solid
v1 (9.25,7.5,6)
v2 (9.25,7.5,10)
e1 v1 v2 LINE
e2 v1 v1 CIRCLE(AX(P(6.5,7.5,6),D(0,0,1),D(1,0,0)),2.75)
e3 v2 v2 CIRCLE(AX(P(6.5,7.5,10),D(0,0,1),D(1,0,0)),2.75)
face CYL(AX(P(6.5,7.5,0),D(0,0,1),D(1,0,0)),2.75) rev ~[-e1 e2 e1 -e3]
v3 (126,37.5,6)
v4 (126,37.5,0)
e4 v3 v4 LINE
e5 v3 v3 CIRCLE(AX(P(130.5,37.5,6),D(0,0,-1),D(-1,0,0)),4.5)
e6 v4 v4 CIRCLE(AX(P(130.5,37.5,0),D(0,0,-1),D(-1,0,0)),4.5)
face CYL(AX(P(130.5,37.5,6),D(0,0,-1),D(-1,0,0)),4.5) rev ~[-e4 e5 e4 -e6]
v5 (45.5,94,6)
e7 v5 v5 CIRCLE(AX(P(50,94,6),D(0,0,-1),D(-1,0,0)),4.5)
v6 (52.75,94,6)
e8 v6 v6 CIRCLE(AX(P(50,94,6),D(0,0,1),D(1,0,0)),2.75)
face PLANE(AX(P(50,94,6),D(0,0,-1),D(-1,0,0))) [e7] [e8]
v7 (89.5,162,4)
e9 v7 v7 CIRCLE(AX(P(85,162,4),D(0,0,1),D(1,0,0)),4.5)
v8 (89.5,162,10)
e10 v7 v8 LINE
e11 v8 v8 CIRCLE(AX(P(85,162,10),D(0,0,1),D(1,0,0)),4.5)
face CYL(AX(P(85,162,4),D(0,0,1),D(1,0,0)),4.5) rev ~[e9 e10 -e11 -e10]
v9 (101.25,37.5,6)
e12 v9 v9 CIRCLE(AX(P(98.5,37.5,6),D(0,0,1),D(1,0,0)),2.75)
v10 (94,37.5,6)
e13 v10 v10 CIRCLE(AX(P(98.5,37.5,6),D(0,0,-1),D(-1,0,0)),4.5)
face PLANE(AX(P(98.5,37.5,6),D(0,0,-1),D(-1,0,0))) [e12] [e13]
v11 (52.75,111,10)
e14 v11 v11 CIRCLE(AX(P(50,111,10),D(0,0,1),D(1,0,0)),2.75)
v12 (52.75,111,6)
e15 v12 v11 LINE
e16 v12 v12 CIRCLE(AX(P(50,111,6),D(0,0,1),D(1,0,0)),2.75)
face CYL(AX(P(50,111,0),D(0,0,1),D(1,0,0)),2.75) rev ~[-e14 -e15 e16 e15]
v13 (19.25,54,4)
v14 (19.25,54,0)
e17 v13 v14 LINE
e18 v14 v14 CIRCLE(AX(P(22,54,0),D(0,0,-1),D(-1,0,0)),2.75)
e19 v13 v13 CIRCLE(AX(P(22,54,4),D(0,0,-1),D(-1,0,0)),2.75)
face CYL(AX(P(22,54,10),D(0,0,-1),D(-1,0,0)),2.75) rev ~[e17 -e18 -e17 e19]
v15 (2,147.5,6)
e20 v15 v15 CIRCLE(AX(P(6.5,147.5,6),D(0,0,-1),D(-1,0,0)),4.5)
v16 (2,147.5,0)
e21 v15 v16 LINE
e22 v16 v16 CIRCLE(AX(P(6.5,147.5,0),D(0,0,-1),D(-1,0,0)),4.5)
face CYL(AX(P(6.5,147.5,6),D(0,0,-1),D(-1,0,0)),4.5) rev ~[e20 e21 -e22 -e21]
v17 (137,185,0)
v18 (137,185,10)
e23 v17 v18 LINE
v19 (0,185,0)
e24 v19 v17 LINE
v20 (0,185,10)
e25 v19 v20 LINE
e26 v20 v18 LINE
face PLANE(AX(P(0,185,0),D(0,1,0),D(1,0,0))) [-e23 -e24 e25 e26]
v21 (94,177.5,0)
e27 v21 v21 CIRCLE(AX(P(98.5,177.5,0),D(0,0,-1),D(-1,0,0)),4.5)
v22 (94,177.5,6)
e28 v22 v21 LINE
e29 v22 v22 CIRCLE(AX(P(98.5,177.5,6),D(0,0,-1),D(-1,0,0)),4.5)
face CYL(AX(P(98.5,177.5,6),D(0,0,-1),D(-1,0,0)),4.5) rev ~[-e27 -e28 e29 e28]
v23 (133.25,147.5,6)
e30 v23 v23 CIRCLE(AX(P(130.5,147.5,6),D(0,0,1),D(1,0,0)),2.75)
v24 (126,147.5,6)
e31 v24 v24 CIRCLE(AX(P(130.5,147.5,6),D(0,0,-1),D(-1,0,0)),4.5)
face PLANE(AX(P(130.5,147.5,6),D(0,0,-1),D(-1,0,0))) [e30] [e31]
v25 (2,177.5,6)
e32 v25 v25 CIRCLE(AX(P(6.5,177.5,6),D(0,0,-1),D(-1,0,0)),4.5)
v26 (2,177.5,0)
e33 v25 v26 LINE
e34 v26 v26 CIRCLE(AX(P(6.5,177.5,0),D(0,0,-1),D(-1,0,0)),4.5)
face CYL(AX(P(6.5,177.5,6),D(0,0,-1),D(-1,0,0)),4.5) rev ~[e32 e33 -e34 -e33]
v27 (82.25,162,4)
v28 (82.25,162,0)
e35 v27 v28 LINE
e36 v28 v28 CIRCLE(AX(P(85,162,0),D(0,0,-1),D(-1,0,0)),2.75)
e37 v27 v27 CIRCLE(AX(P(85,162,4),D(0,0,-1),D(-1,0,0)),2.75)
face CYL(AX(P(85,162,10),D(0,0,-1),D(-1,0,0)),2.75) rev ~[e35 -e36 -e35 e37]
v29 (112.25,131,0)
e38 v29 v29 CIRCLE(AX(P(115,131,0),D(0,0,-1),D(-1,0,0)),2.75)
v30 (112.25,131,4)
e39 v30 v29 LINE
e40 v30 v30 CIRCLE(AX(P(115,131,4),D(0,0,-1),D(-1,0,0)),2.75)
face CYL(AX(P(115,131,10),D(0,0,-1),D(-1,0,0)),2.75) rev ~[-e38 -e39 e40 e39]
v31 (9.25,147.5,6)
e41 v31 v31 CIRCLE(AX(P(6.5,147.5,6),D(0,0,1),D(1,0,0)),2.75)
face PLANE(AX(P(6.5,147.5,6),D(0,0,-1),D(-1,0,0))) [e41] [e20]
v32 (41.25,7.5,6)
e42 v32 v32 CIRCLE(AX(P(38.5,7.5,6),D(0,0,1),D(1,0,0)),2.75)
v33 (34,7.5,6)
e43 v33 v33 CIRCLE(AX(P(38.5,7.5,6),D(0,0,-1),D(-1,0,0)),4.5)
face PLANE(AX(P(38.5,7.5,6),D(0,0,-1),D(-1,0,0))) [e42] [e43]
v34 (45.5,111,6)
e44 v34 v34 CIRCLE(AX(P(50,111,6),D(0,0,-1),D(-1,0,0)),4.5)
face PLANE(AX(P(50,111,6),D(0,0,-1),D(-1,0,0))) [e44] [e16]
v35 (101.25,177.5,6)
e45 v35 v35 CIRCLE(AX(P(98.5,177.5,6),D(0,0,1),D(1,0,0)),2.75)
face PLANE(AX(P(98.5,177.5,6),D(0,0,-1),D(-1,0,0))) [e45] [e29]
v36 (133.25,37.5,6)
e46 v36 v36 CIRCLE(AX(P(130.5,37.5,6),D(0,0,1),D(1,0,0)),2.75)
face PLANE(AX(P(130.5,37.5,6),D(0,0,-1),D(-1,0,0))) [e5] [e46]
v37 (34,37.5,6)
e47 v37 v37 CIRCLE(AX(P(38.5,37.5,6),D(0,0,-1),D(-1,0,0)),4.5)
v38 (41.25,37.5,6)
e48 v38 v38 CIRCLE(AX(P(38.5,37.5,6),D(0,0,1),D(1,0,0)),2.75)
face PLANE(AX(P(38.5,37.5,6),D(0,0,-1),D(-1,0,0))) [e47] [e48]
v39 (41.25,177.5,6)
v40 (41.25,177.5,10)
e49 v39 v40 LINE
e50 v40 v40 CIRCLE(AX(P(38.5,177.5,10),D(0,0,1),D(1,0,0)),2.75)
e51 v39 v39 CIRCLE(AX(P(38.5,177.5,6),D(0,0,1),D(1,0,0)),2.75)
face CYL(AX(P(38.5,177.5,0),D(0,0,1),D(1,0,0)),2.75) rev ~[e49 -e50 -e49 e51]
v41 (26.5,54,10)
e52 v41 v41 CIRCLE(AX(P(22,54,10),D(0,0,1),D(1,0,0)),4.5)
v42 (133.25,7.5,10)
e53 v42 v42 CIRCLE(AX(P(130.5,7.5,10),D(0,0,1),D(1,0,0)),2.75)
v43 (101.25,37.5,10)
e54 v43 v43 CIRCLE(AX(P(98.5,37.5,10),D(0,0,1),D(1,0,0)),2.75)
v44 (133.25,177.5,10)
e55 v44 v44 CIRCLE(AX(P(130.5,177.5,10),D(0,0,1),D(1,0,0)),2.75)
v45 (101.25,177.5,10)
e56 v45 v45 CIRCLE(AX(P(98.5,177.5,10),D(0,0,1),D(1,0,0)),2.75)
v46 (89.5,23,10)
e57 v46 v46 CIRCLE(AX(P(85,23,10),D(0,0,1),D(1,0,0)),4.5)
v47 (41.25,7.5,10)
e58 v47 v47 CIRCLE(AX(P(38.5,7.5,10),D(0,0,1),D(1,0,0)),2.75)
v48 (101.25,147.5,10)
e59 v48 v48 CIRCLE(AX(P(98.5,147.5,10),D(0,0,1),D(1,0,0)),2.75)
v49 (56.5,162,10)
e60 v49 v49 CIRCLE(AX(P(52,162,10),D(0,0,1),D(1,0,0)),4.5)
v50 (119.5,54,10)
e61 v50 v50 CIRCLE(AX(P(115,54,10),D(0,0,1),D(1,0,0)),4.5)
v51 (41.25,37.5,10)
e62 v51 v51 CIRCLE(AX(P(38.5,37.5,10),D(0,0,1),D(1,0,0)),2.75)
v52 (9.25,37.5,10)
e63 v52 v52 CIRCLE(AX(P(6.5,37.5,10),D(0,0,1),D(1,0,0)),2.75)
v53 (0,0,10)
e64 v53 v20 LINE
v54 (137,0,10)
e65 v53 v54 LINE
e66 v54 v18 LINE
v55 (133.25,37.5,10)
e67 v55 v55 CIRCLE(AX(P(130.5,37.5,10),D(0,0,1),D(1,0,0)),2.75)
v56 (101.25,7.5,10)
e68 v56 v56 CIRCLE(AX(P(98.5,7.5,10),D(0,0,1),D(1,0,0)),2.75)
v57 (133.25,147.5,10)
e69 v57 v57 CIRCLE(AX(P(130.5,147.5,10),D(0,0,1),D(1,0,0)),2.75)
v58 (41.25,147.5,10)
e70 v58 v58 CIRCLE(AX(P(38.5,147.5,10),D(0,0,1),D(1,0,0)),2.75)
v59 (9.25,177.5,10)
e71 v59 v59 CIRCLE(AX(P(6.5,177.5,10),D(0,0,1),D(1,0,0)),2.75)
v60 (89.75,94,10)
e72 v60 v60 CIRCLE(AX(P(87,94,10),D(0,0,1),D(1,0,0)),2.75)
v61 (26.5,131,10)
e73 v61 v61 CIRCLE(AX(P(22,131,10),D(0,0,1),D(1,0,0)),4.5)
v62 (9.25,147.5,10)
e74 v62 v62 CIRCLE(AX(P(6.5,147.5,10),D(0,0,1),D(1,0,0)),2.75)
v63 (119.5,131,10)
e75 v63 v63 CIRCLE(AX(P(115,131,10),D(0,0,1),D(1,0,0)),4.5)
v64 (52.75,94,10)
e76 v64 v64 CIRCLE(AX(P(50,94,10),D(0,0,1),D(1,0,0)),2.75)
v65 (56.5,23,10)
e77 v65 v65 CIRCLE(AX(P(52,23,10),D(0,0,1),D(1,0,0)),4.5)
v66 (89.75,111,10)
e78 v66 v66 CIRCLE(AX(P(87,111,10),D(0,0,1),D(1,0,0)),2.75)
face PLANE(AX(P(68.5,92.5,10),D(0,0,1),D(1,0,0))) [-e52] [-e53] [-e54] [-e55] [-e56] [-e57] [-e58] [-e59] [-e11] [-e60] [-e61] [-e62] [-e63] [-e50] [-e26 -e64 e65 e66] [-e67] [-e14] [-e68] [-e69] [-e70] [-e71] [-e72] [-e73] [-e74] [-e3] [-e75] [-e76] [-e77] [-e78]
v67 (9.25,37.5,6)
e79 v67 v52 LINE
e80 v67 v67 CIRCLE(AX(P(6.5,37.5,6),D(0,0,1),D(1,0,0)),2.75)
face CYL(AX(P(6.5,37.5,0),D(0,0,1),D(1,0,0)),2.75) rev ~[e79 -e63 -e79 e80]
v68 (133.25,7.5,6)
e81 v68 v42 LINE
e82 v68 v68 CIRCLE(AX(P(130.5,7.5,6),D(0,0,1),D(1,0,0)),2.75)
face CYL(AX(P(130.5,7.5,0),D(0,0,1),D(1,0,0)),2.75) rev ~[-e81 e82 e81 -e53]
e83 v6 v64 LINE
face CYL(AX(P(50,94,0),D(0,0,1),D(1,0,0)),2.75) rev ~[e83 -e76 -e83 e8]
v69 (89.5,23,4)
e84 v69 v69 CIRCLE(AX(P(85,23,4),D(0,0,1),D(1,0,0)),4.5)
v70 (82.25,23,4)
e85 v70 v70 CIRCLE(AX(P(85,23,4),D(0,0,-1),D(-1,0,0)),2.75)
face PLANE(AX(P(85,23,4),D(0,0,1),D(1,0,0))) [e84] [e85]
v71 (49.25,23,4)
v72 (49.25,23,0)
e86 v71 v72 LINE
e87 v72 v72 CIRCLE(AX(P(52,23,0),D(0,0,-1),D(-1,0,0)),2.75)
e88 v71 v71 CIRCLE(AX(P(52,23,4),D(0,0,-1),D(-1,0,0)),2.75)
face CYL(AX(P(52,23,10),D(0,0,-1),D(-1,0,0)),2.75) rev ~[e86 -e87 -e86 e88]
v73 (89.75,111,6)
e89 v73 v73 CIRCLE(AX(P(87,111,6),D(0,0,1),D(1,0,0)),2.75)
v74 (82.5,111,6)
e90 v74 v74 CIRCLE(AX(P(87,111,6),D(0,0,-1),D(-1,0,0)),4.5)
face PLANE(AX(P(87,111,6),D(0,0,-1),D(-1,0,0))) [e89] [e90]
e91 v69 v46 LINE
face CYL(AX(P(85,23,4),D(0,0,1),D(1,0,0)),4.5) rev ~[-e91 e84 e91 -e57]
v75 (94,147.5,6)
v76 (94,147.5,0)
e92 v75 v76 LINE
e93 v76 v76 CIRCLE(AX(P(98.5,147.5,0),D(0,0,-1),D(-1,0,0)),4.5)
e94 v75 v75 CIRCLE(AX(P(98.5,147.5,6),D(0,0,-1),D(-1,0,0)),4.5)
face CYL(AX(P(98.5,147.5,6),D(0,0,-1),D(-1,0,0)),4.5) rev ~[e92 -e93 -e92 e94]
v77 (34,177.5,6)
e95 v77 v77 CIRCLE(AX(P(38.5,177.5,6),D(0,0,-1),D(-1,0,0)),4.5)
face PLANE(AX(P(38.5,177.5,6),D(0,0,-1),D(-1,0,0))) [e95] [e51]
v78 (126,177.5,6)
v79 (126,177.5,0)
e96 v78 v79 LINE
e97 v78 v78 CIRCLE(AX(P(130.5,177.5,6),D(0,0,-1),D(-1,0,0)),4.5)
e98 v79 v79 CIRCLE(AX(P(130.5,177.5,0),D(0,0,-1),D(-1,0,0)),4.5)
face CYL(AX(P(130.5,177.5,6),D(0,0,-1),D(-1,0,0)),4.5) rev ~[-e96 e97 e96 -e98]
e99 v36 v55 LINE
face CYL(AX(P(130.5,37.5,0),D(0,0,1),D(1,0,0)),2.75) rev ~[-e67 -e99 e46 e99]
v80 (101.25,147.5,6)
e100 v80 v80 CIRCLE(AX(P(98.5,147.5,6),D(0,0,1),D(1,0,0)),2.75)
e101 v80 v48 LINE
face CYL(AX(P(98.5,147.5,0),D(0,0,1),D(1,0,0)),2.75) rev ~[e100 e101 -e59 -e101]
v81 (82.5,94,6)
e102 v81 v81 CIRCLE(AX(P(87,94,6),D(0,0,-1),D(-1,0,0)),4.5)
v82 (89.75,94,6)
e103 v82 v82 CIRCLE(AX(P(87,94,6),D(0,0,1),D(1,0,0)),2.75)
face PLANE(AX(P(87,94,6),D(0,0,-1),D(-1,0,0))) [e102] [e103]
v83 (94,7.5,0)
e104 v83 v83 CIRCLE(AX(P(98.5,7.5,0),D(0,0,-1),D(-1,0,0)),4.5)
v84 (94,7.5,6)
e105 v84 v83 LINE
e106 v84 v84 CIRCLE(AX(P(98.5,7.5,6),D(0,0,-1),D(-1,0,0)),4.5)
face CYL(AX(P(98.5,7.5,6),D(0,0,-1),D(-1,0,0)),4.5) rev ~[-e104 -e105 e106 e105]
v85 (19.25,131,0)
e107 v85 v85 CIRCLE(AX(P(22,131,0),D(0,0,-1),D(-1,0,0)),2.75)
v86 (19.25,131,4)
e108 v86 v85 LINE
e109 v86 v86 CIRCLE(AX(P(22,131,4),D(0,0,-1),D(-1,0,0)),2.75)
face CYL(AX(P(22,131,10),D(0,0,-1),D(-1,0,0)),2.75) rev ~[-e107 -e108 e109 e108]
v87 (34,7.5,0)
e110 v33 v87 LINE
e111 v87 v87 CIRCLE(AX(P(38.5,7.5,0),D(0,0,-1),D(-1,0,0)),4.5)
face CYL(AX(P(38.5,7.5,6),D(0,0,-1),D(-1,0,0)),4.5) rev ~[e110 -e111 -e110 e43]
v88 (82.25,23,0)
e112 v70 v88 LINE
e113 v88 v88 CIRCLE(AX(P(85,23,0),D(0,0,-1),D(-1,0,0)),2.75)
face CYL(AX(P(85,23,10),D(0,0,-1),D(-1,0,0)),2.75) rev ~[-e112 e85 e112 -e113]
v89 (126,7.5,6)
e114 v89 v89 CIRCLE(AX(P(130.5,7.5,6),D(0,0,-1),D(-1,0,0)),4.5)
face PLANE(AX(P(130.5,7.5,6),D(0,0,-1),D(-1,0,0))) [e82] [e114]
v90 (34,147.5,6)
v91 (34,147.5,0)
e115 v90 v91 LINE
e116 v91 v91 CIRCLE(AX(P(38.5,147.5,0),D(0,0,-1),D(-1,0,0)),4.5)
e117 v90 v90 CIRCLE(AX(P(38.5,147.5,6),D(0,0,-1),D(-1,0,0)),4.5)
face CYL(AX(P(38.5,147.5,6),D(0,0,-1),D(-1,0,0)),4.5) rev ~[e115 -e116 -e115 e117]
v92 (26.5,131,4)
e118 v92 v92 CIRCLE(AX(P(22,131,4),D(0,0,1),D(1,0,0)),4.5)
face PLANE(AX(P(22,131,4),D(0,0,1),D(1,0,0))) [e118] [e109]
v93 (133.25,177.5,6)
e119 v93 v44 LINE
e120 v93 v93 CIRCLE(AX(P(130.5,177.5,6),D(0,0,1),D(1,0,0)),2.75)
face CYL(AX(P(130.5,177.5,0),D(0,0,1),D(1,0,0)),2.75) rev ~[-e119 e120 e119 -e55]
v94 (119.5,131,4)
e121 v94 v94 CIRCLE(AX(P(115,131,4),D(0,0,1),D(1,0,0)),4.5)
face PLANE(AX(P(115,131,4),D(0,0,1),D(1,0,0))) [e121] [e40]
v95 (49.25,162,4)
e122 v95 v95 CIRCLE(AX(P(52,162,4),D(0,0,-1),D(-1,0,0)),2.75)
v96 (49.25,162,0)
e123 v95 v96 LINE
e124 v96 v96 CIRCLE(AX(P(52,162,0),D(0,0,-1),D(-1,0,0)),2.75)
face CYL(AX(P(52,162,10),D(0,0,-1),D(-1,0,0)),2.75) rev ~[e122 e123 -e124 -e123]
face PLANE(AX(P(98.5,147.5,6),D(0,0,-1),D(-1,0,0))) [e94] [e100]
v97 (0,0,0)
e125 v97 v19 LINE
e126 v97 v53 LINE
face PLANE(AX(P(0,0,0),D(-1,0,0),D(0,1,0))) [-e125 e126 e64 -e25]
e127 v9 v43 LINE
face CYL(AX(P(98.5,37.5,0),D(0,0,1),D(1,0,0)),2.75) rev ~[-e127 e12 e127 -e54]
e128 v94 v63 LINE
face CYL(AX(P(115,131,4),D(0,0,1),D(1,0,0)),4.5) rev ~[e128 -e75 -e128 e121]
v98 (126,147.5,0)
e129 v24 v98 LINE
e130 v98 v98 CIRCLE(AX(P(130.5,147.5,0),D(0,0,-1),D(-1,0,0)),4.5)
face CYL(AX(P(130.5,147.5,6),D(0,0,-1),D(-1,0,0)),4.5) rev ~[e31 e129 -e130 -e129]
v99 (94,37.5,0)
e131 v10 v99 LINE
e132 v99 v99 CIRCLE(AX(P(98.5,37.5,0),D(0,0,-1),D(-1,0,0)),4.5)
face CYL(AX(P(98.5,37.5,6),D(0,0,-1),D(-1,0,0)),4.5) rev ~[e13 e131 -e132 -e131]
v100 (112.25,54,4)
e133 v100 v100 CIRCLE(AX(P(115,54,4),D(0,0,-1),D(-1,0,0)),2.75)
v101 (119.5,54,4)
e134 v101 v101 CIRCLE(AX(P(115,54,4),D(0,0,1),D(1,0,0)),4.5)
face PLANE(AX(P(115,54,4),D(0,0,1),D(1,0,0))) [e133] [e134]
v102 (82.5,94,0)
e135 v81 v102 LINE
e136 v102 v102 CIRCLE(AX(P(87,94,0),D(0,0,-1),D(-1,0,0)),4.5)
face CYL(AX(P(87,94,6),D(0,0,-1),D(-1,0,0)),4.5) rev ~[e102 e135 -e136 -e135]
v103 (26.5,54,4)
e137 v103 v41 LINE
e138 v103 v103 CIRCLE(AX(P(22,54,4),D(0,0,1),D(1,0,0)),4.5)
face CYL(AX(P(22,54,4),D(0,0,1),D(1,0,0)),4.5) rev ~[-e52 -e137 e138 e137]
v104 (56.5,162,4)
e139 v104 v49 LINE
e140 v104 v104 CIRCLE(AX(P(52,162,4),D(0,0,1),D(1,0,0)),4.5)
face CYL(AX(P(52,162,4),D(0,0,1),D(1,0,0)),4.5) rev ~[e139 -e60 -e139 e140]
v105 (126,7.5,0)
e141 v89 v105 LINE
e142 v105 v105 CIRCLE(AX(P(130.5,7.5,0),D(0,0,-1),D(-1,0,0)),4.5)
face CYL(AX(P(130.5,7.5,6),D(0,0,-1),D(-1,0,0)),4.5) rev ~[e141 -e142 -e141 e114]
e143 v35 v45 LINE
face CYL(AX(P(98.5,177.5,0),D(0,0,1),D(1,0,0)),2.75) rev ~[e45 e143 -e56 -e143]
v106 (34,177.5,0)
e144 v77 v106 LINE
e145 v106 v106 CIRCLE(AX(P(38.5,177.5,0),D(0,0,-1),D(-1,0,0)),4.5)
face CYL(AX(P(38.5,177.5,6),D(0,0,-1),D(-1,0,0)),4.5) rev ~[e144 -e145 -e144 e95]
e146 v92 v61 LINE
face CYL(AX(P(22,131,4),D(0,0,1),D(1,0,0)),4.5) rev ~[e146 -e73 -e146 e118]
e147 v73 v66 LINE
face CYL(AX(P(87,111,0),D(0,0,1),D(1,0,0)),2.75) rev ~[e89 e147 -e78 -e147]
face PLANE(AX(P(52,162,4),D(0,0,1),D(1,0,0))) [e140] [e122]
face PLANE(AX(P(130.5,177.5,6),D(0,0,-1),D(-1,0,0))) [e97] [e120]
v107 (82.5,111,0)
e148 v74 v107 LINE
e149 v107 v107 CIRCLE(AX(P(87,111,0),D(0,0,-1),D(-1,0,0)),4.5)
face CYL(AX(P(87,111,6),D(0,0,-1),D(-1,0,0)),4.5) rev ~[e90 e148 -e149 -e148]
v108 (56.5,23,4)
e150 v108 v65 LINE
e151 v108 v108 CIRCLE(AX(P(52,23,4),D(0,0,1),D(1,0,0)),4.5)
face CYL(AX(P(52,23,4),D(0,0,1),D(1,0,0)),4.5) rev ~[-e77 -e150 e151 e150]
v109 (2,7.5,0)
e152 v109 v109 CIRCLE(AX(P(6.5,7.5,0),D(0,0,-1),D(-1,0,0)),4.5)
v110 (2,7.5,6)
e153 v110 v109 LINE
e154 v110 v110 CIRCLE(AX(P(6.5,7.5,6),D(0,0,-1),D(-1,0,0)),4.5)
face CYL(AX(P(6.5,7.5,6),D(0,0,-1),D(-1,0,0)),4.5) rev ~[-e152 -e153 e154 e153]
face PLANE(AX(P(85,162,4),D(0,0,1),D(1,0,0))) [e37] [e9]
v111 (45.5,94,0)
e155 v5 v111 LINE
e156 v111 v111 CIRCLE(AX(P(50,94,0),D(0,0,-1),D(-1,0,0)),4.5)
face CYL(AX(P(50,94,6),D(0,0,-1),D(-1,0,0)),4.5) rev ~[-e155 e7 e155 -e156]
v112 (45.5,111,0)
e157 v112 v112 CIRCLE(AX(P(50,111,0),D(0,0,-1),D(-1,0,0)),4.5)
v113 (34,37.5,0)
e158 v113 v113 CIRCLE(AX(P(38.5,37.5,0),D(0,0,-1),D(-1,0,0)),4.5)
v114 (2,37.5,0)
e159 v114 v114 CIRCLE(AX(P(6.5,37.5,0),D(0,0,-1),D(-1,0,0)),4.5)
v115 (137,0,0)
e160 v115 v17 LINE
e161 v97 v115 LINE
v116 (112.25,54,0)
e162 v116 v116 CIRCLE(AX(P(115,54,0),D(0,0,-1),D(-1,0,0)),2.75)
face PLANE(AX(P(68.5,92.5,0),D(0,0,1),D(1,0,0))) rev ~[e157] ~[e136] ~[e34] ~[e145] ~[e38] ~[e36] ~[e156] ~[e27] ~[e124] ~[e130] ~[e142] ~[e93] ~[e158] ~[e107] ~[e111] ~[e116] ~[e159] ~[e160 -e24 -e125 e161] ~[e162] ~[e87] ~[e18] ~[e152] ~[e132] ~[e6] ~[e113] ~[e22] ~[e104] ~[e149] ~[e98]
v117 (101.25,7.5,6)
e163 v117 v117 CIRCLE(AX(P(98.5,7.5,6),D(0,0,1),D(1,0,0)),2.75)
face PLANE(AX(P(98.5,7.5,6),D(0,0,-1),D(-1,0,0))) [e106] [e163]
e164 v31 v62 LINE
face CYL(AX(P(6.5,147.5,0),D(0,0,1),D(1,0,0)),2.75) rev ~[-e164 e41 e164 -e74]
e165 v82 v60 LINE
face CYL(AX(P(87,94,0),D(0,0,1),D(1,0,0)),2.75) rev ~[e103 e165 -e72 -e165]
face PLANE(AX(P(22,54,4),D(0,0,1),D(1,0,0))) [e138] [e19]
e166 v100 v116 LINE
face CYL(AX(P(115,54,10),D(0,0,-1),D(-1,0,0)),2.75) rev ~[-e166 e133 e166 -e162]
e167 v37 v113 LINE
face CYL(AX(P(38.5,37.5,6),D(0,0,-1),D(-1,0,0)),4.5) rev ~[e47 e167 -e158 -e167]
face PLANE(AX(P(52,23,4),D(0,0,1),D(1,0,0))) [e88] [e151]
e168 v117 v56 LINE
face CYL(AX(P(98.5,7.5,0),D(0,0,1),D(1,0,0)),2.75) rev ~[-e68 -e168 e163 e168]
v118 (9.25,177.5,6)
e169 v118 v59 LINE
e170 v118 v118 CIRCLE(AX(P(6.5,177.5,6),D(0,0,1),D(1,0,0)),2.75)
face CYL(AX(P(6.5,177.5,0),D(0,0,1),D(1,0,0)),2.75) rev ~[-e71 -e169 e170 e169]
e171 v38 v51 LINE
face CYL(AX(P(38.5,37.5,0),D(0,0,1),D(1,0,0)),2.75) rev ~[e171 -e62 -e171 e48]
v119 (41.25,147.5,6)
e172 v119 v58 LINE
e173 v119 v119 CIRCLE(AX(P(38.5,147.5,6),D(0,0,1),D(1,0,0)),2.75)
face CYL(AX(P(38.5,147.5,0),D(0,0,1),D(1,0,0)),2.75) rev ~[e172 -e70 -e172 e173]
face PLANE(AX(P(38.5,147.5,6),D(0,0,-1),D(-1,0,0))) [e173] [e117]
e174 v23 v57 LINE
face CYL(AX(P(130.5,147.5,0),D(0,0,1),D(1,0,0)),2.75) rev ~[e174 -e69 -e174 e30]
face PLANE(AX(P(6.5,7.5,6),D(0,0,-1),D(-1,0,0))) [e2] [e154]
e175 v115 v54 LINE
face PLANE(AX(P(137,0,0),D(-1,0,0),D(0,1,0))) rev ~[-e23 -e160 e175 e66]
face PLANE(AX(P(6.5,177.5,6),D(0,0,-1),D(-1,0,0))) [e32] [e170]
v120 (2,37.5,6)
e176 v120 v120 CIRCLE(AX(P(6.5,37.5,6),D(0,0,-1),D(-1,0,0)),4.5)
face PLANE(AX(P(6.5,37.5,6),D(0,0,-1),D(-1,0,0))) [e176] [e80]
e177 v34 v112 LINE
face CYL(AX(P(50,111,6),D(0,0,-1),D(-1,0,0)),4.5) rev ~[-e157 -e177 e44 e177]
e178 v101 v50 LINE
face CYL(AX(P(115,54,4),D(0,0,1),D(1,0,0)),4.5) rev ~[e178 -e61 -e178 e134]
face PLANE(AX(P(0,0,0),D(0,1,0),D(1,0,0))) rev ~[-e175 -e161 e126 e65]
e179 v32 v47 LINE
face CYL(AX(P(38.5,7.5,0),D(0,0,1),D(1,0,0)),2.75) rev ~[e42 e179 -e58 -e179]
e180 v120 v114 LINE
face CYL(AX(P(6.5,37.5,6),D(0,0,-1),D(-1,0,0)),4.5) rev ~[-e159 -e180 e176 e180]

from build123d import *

# Parameters (mm, degrees)
SZKIC1_W                                             = 137
SZKIC1_H                                             = 185
DODANIE_WYCI_GNI_CIE1_DEPTH                          = 10
POG_BIENIE_WALCOWE_POD_M5_WKR_T_DO_CZ_CI_D           = 5.5
POG_BIENIE_WALCOWE_POD_M5_WKR_T_DO_CZ_CI_CBORE_D     = 9
POG_BIENIE_WALCOWE_POD_M5_WKR_T_DO_CZ_CI_CBORE_DEPTH = 6
POG_BIENIE_WALCOWE_POD_M5_WKR_T_DO_C_2_D             = 5.5
POG_BIENIE_WALCOWE_POD_M5_WKR_T_DO_C_2_CBORE_D       = 9
POG_BIENIE_WALCOWE_POD_M5_WKR_T_DO_C_2_CBORE_DEPTH   = 6
POG_BIENIE_WALCOWE_POD_M5_WKR_T_DO_C_3_D             = 5.5
POG_BIENIE_WALCOWE_POD_M5_WKR_T_DO_C_3_CBORE_D       = 9
POG_BIENIE_WALCOWE_POD_M5_WKR_T_DO_C_3_CBORE_DEPTH   = 6


with BuildPart() as part:
    # Szkic1 → Dodanie-wyciągnięcie1 (new body)
    with BuildSketch(Plane.XY):
        with Locations((68.5, 92.5)):
            Rectangle(SZKIC1_W, SZKIC1_H)
    extrude(amount=DODANIE_WYCI_GNI_CIE1_DEPTH)

    # Pog_bienie walcowe pod M5 Wkr_t do cz_ci (through all)
    with Locations(Plane(origin=(0, 0, 0), x_dir=(-1, 0, 0), z_dir=(0, 0, -1))):
        with Locations((-38.5, 177.5), (-6.5, 177.5), (-38.5, 147.5), (-6.5, 147.5), (-38.5, 37.5), (-6.5, 37.5), (-38.5, 7.5), (-6.5, 7.5), (-130.5, 7.5), (-98.5, 7.5), (-130.5, 37.5), (-98.5, 37.5), (-130.5, 147.5), (-98.5, 147.5), (-130.5, 177.5), (-98.5, 177.5)):
            CounterBoreHole(POG_BIENIE_WALCOWE_POD_M5_WKR_T_DO_CZ_CI_D / 2, POG_BIENIE_WALCOWE_POD_M5_WKR_T_DO_CZ_CI_CBORE_D / 2, POG_BIENIE_WALCOWE_POD_M5_WKR_T_DO_CZ_CI_CBORE_DEPTH)

    # Pog_bienie walcowe pod M5 Wkr_t do c 2 (through all)
    with Locations(Plane.XY.offset(10)):
        with Locations((52, 162), (22, 131), (22, 54), (52, 23), (85, 23), (115, 54), (115, 131), (85, 162)):
            CounterBoreHole(POG_BIENIE_WALCOWE_POD_M5_WKR_T_DO_C_2_D / 2, POG_BIENIE_WALCOWE_POD_M5_WKR_T_DO_C_2_CBORE_D / 2, POG_BIENIE_WALCOWE_POD_M5_WKR_T_DO_C_2_CBORE_DEPTH)

    # Pog_bienie walcowe pod M5 Wkr_t do c 3 (through all)
    with Locations(Plane(origin=(0, 0, 0), x_dir=(-1, 0, 0), z_dir=(0, 0, -1))):
        with Locations((-87, 111), (-50, 111), (-87, 94), (-50, 94)):
            CounterBoreHole(POG_BIENIE_WALCOWE_POD_M5_WKR_T_DO_C_3_D / 2, POG_BIENIE_WALCOWE_POD_M5_WKR_T_DO_C_3_CBORE_D / 2, POG_BIENIE_WALCOWE_POD_M5_WKR_T_DO_C_3_CBORE_DEPTH)


solid = part.part
